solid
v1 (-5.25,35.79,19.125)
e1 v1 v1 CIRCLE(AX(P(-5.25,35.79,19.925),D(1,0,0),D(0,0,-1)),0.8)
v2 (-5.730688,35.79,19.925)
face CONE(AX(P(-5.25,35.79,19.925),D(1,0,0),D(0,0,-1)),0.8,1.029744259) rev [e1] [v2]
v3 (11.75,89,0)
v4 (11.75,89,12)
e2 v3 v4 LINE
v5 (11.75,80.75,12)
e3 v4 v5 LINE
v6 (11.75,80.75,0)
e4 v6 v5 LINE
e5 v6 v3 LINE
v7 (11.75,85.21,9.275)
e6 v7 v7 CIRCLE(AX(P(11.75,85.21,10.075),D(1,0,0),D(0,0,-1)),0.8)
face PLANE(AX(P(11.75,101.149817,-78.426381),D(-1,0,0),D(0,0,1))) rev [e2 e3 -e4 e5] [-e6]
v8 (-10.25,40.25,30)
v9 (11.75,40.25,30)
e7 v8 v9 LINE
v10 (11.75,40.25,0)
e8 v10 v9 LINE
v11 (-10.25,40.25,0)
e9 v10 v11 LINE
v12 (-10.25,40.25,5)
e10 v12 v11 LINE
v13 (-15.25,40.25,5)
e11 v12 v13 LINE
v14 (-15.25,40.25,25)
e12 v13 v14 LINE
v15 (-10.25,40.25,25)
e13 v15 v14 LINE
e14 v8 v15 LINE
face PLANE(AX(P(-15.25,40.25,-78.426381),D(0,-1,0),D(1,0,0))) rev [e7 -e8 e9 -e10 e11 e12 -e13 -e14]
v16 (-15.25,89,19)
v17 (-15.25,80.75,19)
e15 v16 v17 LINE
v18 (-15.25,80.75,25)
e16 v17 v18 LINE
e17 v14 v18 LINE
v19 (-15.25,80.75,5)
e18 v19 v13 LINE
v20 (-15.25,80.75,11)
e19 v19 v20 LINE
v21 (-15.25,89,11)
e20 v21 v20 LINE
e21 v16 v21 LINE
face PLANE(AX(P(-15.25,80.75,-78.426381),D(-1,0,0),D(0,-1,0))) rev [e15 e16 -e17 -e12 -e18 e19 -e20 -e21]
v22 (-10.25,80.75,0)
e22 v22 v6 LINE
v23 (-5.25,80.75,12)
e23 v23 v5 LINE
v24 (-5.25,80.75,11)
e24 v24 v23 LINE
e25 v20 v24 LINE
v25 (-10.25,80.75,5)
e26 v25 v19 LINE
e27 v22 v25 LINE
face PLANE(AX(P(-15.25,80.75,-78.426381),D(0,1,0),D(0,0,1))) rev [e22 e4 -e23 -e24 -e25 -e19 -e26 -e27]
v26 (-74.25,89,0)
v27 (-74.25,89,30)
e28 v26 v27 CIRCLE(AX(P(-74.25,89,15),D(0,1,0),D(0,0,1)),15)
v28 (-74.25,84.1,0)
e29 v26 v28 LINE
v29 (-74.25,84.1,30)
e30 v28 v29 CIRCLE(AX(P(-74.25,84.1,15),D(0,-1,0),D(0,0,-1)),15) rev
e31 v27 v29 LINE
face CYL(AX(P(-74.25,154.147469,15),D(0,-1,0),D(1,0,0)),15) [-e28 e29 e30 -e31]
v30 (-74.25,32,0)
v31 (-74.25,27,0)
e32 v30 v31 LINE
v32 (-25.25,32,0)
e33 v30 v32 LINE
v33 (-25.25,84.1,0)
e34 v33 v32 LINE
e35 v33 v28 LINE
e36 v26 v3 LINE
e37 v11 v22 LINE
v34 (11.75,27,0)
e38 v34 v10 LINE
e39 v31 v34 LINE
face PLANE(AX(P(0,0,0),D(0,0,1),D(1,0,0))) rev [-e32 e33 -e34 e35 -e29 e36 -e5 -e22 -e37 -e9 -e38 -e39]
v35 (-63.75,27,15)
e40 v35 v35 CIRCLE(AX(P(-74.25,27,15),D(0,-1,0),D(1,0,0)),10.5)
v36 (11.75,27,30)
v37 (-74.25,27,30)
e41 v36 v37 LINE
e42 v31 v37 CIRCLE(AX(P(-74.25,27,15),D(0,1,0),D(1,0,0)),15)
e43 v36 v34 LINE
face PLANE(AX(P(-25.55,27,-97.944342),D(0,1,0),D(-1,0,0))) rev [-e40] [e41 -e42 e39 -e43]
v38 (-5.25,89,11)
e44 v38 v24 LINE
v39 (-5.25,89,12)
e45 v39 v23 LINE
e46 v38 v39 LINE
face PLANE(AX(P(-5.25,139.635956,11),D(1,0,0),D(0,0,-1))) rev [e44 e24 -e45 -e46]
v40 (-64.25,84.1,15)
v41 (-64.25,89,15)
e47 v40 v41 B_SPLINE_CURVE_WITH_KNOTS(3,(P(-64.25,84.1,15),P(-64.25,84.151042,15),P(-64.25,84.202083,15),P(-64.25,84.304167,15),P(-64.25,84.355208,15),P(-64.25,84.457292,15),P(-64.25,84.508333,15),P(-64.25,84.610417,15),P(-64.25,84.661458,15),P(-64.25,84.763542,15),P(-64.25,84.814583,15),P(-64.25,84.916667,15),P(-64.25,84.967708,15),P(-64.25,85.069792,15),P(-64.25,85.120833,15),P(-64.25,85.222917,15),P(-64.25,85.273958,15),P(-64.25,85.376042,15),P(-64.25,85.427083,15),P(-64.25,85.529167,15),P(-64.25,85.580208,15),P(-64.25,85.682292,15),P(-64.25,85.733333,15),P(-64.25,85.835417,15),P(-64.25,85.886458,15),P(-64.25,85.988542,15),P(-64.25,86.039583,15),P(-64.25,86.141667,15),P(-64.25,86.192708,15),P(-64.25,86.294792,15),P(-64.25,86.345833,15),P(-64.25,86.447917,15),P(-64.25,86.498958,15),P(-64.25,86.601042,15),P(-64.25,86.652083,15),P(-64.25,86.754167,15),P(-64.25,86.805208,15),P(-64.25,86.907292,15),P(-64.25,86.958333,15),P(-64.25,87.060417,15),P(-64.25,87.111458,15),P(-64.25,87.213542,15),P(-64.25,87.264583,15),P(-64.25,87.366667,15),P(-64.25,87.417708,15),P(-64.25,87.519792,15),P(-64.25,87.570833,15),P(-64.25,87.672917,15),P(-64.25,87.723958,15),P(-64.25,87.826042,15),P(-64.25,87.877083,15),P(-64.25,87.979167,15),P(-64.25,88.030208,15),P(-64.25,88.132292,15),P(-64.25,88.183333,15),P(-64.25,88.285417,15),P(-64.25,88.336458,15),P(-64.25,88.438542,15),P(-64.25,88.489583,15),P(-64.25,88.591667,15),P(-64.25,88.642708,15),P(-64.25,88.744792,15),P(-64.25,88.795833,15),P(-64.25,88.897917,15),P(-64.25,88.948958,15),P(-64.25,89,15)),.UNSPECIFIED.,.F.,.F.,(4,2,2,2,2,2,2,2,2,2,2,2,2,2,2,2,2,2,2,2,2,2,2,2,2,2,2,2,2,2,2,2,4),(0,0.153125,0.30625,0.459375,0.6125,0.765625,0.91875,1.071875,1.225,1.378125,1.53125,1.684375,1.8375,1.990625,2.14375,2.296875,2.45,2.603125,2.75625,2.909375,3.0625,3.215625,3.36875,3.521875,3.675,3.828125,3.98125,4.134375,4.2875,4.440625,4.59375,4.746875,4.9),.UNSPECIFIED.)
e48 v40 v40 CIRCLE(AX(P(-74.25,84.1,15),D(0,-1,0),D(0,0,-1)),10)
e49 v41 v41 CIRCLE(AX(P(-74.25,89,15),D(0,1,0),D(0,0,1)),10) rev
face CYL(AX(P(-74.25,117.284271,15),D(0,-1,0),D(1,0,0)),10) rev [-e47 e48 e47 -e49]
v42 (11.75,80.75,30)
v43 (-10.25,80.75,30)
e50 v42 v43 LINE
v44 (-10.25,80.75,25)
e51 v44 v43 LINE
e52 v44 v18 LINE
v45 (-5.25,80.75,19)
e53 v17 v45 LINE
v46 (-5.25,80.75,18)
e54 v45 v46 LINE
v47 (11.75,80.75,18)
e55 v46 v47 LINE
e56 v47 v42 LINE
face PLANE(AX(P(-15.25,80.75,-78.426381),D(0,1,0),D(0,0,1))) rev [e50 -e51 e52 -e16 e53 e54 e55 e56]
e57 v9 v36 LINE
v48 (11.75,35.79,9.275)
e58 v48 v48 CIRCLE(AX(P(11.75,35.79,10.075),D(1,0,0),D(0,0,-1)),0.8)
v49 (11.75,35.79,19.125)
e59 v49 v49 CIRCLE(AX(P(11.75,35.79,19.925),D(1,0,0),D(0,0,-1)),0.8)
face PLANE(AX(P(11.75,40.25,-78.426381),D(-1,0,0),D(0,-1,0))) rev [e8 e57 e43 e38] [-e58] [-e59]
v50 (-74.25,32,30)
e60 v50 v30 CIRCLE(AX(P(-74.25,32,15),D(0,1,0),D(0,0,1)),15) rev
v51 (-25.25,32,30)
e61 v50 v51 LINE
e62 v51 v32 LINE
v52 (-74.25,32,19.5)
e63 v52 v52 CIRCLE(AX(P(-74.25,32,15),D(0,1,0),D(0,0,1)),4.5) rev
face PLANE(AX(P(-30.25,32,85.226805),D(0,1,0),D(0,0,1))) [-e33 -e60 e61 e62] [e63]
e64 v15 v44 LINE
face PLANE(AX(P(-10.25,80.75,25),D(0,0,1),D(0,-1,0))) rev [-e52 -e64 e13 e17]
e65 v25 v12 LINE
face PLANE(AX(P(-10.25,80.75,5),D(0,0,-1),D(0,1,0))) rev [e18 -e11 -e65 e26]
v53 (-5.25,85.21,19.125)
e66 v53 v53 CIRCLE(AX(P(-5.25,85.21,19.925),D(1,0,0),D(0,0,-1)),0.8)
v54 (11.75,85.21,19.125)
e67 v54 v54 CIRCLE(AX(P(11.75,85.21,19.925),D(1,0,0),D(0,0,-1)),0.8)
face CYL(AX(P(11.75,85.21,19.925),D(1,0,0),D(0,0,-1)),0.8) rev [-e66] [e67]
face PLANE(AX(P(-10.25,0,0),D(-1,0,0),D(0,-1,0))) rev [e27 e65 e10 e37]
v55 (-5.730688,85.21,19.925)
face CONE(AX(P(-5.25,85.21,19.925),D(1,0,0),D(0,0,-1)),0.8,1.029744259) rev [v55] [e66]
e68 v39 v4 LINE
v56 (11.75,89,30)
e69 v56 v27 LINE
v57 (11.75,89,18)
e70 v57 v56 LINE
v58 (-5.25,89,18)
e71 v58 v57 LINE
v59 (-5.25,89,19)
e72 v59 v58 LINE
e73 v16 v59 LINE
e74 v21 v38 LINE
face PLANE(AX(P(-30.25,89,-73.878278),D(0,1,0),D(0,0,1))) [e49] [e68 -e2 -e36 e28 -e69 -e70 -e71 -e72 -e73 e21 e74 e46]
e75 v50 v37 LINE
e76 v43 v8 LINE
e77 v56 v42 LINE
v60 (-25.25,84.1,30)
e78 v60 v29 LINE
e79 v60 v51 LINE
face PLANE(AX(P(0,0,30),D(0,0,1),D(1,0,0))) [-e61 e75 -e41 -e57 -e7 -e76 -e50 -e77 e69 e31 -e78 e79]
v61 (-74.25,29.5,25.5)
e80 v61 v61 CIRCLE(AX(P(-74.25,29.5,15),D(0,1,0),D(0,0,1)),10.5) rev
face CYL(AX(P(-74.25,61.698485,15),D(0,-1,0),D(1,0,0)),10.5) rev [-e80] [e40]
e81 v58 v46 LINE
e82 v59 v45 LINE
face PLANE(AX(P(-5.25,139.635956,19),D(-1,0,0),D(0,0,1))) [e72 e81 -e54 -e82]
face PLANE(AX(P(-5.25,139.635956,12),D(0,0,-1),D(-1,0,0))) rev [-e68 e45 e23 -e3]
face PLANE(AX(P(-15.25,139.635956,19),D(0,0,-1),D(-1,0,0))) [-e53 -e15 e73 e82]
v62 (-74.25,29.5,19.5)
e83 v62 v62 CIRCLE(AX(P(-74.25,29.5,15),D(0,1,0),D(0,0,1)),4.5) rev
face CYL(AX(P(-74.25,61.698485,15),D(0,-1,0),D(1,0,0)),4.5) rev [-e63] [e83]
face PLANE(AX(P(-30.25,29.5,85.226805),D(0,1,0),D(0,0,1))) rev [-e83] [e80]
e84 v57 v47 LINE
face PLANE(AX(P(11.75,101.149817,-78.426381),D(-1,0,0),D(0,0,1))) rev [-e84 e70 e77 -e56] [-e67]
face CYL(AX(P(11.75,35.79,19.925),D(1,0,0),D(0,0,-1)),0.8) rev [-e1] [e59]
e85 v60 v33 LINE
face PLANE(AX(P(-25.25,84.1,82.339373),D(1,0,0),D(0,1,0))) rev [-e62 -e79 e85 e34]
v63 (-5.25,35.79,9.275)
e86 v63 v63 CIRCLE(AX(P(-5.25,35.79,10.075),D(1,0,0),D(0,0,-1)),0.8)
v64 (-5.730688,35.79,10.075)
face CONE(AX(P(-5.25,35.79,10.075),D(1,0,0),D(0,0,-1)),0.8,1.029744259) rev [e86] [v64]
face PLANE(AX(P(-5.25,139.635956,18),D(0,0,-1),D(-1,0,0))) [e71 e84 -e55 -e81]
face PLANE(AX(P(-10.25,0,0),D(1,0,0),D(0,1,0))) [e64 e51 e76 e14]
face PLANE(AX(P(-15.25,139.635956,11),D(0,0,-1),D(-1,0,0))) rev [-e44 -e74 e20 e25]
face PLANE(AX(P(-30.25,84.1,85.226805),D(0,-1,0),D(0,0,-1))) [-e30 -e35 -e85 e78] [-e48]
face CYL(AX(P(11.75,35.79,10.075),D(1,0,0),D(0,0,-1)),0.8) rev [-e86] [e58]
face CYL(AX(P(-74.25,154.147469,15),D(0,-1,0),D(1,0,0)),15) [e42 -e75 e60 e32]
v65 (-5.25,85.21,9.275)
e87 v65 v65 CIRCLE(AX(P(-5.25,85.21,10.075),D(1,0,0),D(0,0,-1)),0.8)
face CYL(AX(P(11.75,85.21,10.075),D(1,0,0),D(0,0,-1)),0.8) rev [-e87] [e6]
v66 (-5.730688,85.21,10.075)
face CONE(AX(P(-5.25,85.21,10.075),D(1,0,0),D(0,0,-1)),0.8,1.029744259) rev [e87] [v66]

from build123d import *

# Parameters (mm, degrees)
ESQUISSE1_W               = 60.5
ESQUISSE1_H               = 64
BOSS_EXTRU_1_DEPTH        = 30
ESQUISSE2_R               = 4.5
ENL_V_MAT_EXTRU_1_DEPTH   = 32
ENL_V_MAT_EXTRU_2_REACH   = 55.283
ESQUISSE4_W               = 51.1
ESQUISSE4_H               = 83.557669167
ESQUISSE5_R               = 10.5
ENL_V_MAT_EXTRU_3_DEPTH   = 2
ESQUISSE6_R               = 10
ENL_V_MAT_EXTRU_4_DEPTH   = 4.7
ESQUISSE7_W               = 47
ESQUISSE7_H               = 57
BOSS_EXTRU_2_DEPTH        = 30
ENL_V_MAT_EXTRU_5_DEPTH   = 30
ENL_V_MAT_EXTRU_6_DEPTH   = 8.25
ESQUISSE11_W              = 5
ESQUISSE11_H              = 40.5
BOSS_EXTRU_3_DEPTH        = 5
ESQUISSE12_R              = 0.5
ENL_V_MAT_EXTRU_7_DEPTH   = 15
TROU_TARAUD_M2X0_42_D     = 1.6
TROU_TARAUD_M2X0_42_DEPTH = 17
TROU_TARAUD_M2X0_42_TIP   = 0.480688495
ENL_V_MAT_EXTRU_8_REACH   = 113.72
ESQUISSE22_W              = 82.97203866
ESQUISSE22_H              = 67.875780224
ENL_V_MAT_EXTRU_10_DEPTH  = 30
ESQUISSE23_W              = 55
ESQUISSE23_H              = 5
ESQUISSE23_H_2            = 4.9
BOSS_EXTRU_4_DEPTH        = 30
ENL_V_START               = -62
ESQUISSE24_R              = 10
ENL_V_MAT_EXTRU_11_DEPTH  = 62
ENL_V_MAT_EXTRU_12_REACH  = 111.597
ESQUISSE26_R              = 10.5
ESQUISSE26_R_2            = 4.5
BOSS_EXTRU_5_DEPTH        = 5
ESQUISSE27_R              = 10.5
ENL_V_MAT_EXTRU_13_DEPTH  = 2.5
ESQUISSE28_W              = 21.53784572
ESQUISSE28_H              = 33.22443827
ENL_V_MAT_EXTRU_14_DEPTH  = 5
ESQUISSE29_W              = 5
ESQUISSE29_H              = 52.1
ENL_V_MAT_EXTRU_15_DEPTH  = 30
BOSS_EXTRU_6_DEPTH        = 62
ENL_V_START_2             = -20.388398
ESQUISSE32_W              = 38.789198293
ESQUISSE32_H              = 52.1
ENL_V_MAT_EXTRU_16_DEPTH  = 20.388398


with BuildPart() as part:
    # Esquisse1 → Boss.-Extru.1 (new body)
    with BuildSketch(Plane.XY):
        Rectangle(ESQUISSE1_W, ESQUISSE1_H)
    extrude(amount=BOSS_EXTRU_1_DEPTH)

    # Esquisse2 → Enlèv. mat.-Extru.1 (cut)
    with BuildSketch(Plane(origin=(30.25, 0, 0), x_dir=(0, 0, -1), z_dir=(1, 0, 0))):
        with Locations(Location((-15, -17, 0), (0, 0, 90))):
            Circle(ESQUISSE2_R)
    extrude(amount=-ENL_V_MAT_EXTRU_1_DEPTH, mode=Mode.SUBTRACT)

    # Enlèv. mat.-Extru.2: up to this face of the body (flat: up to its plane)
    enl_v_mat_extru_2_end = Plane(part.part.faces().sort_by_distance((0, 0, 0))[0])
    # Esquisse4 → Enlèv. mat.-Extru.2 (cut, up to the picked face)
    with BuildSketch(Plane.XY.offset(30), mode=Mode.PRIVATE) as enl_v_mat_extru_2_sk1:
        with Locations((0, -14.778834584)):
            Rectangle(ESQUISSE4_W, ESQUISSE4_H)
    enl_v_mat_extru_2_tool1 = split(extrude(enl_v_mat_extru_2_sk1.sketch, amount=-ENL_V_MAT_EXTRU_2_REACH, mode=Mode.PRIVATE), bisect_by=enl_v_mat_extru_2_end, keep=Keep.BOTH, mode=Mode.PRIVATE)
    add(enl_v_mat_extru_2_tool1.solids().sort_by(Axis((0, -14.778835, 30), (0, 0, -1)))[0], mode=Mode.SUBTRACT)

    # Esquisse5 → Enlèv. mat.-Extru.3 (cut)
    with BuildSketch(Plane(origin=(30.25, 0, 0), x_dir=(0, 0, -1), z_dir=(1, 0, 0))):
        with Locations(Location((-15, -17, 0), (0, 0, 90))):
            Circle(ESQUISSE5_R)
    extrude(amount=-ENL_V_MAT_EXTRU_3_DEPTH, mode=Mode.SUBTRACT)

    # Esquisse6 → Enlèv. mat.-Extru.4 (cut)
    with BuildSketch(Plane(origin=(-25.55, 0, 0), x_dir=(0, 0, -1), z_dir=(1, 0, 0))):
        with Locations((-15, -17)):
            Circle(ESQUISSE6_R)
    extrude(amount=-ENL_V_MAT_EXTRU_4_DEPTH, mode=Mode.SUBTRACT)

    # Esquisse7 → Boss.-Extru.2 (add)
    with BuildSketch(Plane.XY.offset(30)):
        with Locations((-6.75, 60.5)):
            Rectangle(ESQUISSE7_W, ESQUISSE7_H)
    extrude(amount=-BOSS_EXTRU_2_DEPTH)

    # Esquisse8 → Enlèv. mat.-Extru.5 (cut)
    with BuildSketch(Plane.XY.offset(30)):
        Polygon((-15.25, 80.75), (11.75, 80.75), (11.75, 101.149817475), (21.75, 101.149817475), (21.75, 32), (11.75, 32), (11.75, 40.25), (-15.25, 40.25), align=None)
    extrude(amount=-ENL_V_MAT_EXTRU_5_DEPTH, mode=Mode.SUBTRACT)

    # Esquisse10 → Enlèv. mat.-Extru.6 (cut)
    with BuildSketch(Plane.XZ.offset(-80.75)):
        Polygon((-5.25, 11), (-5.25, 12), (34.75, 12), (34.75, 18), (-5.25, 18), (-5.25, 19), (-15.25, 19), (-15.25, 11), align=None)
    extrude(amount=-ENL_V_MAT_EXTRU_6_DEPTH, mode=Mode.SUBTRACT)

    # Esquisse11 → Boss.-Extru.3 (add)
    with BuildSketch(Plane(origin=(-15.25, 0, 0), x_dir=(0, 0, -1), z_dir=(1, 0, 0))):
        with Locations((-27.5, 60.5)):
            Rectangle(ESQUISSE11_W, ESQUISSE11_H)
        with Locations((-2.5, 60.5)):
            Rectangle(ESQUISSE11_W, ESQUISSE11_H)
    extrude(amount=BOSS_EXTRU_3_DEPTH)

    # Esquisse12 → Enlèv. mat.-Extru.7 (cut)
    with BuildSketch(Plane(origin=(11.75, 0, 0), x_dir=(0, 0, -1), z_dir=(1, 0, 0))):
        with Locations((-19.925, 85.21)):
            Circle(ESQUISSE12_R)
        with Locations(Location((-10.075, 85.21, 0), (0, 0, 180))):
            Circle(ESQUISSE12_R)
        with Locations((-10.075, 35.79)):
            Circle(ESQUISSE12_R)
        with Locations(Location((-19.925, 35.79, 0), (0, 0, 180))):
            Circle(ESQUISSE12_R)
    extrude(amount=-ENL_V_MAT_EXTRU_7_DEPTH, mode=Mode.SUBTRACT)

    # Trou taraudé M2x0.42
    with Locations(Plane(origin=(11.75, 85.21, 19.925), x_dir=(0, 0, 1), z_dir=(1, 0, 0))):
        with Locations((0, 0), (-9.85, 0), (-9.85, 49.42), (0, 49.42)):
            Hole(TROU_TARAUD_M2X0_42_D / 2, depth=TROU_TARAUD_M2X0_42_DEPTH)
            with Locations((0, 0, -(TROU_TARAUD_M2X0_42_DEPTH + TROU_TARAUD_M2X0_42_TIP / 2))):  # 118° drill point
                Cone(0, TROU_TARAUD_M2X0_42_D / 2, TROU_TARAUD_M2X0_42_TIP, mode=Mode.SUBTRACT)

    # Enlèv. mat.-Extru.8: up to this face of the body (flat: up to its plane)
    enl_v_mat_extru_8_end = Plane(part.part.faces().sort_by_distance((30.25, 3.741727612, 15))[0])
    # Esquisse15 → Enlèv. mat.-Extru.8 (cut, up to the picked face)
    with BuildSketch(Plane.ZY.offset(30.25), mode=Mode.PRIVATE) as enl_v_mat_extru_8_sk1:
        with BuildLine():
            Line((40, -17), (30, -17))
            ThreePointArc((30, -17), (15, -32), (0, -17))
            Line((0, -17), (-10, -17))
            ThreePointArc((-10, -17), (15, -42), (40, -17))
        make_face()
    enl_v_mat_extru_8_tool1 = split(extrude(enl_v_mat_extru_8_sk1.sketch, amount=-ENL_V_MAT_EXTRU_8_REACH, mode=Mode.PRIVATE), bisect_by=enl_v_mat_extru_8_end, keep=Keep.BOTH, mode=Mode.PRIVATE)
    add(enl_v_mat_extru_8_tool1.solids().sort_by(Axis((-30.25, -17.559017, -5), (1, 0, 0)))[0], mode=Mode.SUBTRACT)

    # Esquisse22 → Enlèv. mat.-Extru.10 (cut)
    with BuildSketch(Plane.XY.offset(30)):
        with Locations((-1.917421061, -6.937890112)):
            Rectangle(ESQUISSE22_W, ESQUISSE22_H)
    extrude(amount=-ENL_V_MAT_EXTRU_10_DEPTH, mode=Mode.SUBTRACT)

    # Esquisse23 → Boss.-Extru.4 (add)
    with BuildSketch(Plane(origin=(0, 0, 0), x_dir=(-1, 0, 0), z_dir=(0, 0, -1))):
        with Locations((57.75, 29.5)):
            Rectangle(ESQUISSE23_W, ESQUISSE23_H)
        with Locations((57.75, 86.55)):
            Rectangle(ESQUISSE23_W, ESQUISSE23_H_2)
    extrude(amount=-BOSS_EXTRU_4_DEPTH)

    # Esquisse24 → Enlèv. mat.-Extru.11 (cut)
    with BuildSketch(Plane.XZ.offset(-27).offset(ENL_V_START)):
        with Locations((-74.25, 15)):
            Circle(ESQUISSE24_R)
    extrude(amount=ENL_V_MAT_EXTRU_11_DEPTH, mode=Mode.SUBTRACT)

    # Enlèv. mat.-Extru.12: up to this face of the body (flat: up to its plane)
    enl_v_mat_extru_12_end = Plane(part.part.faces().sort_by_distance((-34.437928466, 89, 15))[0])
    # Esquisse25 → Enlèv. mat.-Extru.12 (cut, up to the picked face)
    with BuildSketch(Plane.XZ.offset(-27), mode=Mode.PRIVATE) as enl_v_mat_extru_12_sk1:
        with BuildLine():
            Line((-74.25, 44.134833893), (-74.25, 30))
            ThreePointArc((-74.25, 30), (-89.25, 15), (-74.25, 0))
            Line((-74.25, 0), (-74.25, -14.134833893))
            ThreePointArc((-74.25, -14.134833893), (-103.384833893, 15), (-74.25, 44.134833893))
        make_face()
    enl_v_mat_extru_12_tool1 = split(extrude(enl_v_mat_extru_12_sk1.sketch, amount=-ENL_V_MAT_EXTRU_12_REACH, mode=Mode.PRIVATE), bisect_by=enl_v_mat_extru_12_end, keep=Keep.BOTH, mode=Mode.PRIVATE)
    add(enl_v_mat_extru_12_tool1.solids().sort_by(Axis((-74.901475, 27, 37.067417), (0, 1, 0)))[0], mode=Mode.SUBTRACT)

    # Esquisse26 → Boss.-Extru.5 (add)
    with BuildSketch(Plane.XZ.offset(-27)):
        with Locations((-74.25, 15)):
            Circle(ESQUISSE26_R)
        with Locations((-74.25, 15)):
            Circle(ESQUISSE26_R_2, mode=Mode.SUBTRACT)
    extrude(amount=-BOSS_EXTRU_5_DEPTH)

    # Esquisse27 → Enlèv. mat.-Extru.13 (cut)
    with BuildSketch(Plane.XZ.offset(-27)):
        with Locations((-74.25, 15)):
            Circle(ESQUISSE27_R)
    extrude(amount=-ENL_V_MAT_EXTRU_13_DEPTH, mode=Mode.SUBTRACT)

    # Esquisse28 → Enlèv. mat.-Extru.14 (cut)
    with BuildSketch(Plane(origin=(0, 32, 0), x_dir=(1, 0, 0), z_dir=(0, 1, 0))):
        with Locations((22.51892286, -16.612219135)):
            Rectangle(ESQUISSE28_W, ESQUISSE28_H)
    extrude(amount=-ENL_V_MAT_EXTRU_14_DEPTH, mode=Mode.SUBTRACT)

    # Esquisse29 → Enlèv. mat.-Extru.15 (cut)
    with BuildSketch(Plane(origin=(0, 0, 0), x_dir=(-1, 0, 0), z_dir=(0, 0, -1))):
        with Locations((27.75, 58.05)):
            Rectangle(ESQUISSE29_W, ESQUISSE29_H)
    extrude(amount=-ENL_V_MAT_EXTRU_15_DEPTH, mode=Mode.SUBTRACT)

    # Esquisse31 → Boss.-Extru.6 (add)
    with BuildSketch(Plane.XZ.offset(-27)):
        with BuildLine():
            ThreePointArc((-74.826036871, 4.515812787), (-83.84709586, 10.740217019), (-82.411654216, 21.605861069))
            Line((-82.411654216, 21.605861069), (-85.25, 25.198039027))
            Line((-85.25, 25.198039027), (-85.25, 4.801960973))
            Line((-85.25, 4.801960973), (-74.826036871, 4.515812787))
        make_face()
        with BuildLine():
            ThreePointArc((-85.25, 25.198039027), (-89.25, 15), (-85.25, 4.801960973))
            Line((-85.25, 4.801960973), (-85.25, 25.198039027))
        make_face()
    extrude(amount=-BOSS_EXTRU_6_DEPTH)

    # Esquisse32 → Enlèv. mat.-Extru.16 (cut)
    with BuildSketch(Plane(origin=(0.067526976, 0, 2.459909751), x_dir=(-0.9996234341769173, 0, 0.027440660421105302), z_dir=(-0.027440660421105302, 0, -0.9996234341769173)).offset(ENL_V_START_2)):
        with Locations((94.316375975, 58.05)):
            Rectangle(ESQUISSE32_W, ESQUISSE32_H)
    extrude(amount=ENL_V_MAT_EXTRU_16_DEPTH, mode=Mode.SUBTRACT)


solid = part.part
